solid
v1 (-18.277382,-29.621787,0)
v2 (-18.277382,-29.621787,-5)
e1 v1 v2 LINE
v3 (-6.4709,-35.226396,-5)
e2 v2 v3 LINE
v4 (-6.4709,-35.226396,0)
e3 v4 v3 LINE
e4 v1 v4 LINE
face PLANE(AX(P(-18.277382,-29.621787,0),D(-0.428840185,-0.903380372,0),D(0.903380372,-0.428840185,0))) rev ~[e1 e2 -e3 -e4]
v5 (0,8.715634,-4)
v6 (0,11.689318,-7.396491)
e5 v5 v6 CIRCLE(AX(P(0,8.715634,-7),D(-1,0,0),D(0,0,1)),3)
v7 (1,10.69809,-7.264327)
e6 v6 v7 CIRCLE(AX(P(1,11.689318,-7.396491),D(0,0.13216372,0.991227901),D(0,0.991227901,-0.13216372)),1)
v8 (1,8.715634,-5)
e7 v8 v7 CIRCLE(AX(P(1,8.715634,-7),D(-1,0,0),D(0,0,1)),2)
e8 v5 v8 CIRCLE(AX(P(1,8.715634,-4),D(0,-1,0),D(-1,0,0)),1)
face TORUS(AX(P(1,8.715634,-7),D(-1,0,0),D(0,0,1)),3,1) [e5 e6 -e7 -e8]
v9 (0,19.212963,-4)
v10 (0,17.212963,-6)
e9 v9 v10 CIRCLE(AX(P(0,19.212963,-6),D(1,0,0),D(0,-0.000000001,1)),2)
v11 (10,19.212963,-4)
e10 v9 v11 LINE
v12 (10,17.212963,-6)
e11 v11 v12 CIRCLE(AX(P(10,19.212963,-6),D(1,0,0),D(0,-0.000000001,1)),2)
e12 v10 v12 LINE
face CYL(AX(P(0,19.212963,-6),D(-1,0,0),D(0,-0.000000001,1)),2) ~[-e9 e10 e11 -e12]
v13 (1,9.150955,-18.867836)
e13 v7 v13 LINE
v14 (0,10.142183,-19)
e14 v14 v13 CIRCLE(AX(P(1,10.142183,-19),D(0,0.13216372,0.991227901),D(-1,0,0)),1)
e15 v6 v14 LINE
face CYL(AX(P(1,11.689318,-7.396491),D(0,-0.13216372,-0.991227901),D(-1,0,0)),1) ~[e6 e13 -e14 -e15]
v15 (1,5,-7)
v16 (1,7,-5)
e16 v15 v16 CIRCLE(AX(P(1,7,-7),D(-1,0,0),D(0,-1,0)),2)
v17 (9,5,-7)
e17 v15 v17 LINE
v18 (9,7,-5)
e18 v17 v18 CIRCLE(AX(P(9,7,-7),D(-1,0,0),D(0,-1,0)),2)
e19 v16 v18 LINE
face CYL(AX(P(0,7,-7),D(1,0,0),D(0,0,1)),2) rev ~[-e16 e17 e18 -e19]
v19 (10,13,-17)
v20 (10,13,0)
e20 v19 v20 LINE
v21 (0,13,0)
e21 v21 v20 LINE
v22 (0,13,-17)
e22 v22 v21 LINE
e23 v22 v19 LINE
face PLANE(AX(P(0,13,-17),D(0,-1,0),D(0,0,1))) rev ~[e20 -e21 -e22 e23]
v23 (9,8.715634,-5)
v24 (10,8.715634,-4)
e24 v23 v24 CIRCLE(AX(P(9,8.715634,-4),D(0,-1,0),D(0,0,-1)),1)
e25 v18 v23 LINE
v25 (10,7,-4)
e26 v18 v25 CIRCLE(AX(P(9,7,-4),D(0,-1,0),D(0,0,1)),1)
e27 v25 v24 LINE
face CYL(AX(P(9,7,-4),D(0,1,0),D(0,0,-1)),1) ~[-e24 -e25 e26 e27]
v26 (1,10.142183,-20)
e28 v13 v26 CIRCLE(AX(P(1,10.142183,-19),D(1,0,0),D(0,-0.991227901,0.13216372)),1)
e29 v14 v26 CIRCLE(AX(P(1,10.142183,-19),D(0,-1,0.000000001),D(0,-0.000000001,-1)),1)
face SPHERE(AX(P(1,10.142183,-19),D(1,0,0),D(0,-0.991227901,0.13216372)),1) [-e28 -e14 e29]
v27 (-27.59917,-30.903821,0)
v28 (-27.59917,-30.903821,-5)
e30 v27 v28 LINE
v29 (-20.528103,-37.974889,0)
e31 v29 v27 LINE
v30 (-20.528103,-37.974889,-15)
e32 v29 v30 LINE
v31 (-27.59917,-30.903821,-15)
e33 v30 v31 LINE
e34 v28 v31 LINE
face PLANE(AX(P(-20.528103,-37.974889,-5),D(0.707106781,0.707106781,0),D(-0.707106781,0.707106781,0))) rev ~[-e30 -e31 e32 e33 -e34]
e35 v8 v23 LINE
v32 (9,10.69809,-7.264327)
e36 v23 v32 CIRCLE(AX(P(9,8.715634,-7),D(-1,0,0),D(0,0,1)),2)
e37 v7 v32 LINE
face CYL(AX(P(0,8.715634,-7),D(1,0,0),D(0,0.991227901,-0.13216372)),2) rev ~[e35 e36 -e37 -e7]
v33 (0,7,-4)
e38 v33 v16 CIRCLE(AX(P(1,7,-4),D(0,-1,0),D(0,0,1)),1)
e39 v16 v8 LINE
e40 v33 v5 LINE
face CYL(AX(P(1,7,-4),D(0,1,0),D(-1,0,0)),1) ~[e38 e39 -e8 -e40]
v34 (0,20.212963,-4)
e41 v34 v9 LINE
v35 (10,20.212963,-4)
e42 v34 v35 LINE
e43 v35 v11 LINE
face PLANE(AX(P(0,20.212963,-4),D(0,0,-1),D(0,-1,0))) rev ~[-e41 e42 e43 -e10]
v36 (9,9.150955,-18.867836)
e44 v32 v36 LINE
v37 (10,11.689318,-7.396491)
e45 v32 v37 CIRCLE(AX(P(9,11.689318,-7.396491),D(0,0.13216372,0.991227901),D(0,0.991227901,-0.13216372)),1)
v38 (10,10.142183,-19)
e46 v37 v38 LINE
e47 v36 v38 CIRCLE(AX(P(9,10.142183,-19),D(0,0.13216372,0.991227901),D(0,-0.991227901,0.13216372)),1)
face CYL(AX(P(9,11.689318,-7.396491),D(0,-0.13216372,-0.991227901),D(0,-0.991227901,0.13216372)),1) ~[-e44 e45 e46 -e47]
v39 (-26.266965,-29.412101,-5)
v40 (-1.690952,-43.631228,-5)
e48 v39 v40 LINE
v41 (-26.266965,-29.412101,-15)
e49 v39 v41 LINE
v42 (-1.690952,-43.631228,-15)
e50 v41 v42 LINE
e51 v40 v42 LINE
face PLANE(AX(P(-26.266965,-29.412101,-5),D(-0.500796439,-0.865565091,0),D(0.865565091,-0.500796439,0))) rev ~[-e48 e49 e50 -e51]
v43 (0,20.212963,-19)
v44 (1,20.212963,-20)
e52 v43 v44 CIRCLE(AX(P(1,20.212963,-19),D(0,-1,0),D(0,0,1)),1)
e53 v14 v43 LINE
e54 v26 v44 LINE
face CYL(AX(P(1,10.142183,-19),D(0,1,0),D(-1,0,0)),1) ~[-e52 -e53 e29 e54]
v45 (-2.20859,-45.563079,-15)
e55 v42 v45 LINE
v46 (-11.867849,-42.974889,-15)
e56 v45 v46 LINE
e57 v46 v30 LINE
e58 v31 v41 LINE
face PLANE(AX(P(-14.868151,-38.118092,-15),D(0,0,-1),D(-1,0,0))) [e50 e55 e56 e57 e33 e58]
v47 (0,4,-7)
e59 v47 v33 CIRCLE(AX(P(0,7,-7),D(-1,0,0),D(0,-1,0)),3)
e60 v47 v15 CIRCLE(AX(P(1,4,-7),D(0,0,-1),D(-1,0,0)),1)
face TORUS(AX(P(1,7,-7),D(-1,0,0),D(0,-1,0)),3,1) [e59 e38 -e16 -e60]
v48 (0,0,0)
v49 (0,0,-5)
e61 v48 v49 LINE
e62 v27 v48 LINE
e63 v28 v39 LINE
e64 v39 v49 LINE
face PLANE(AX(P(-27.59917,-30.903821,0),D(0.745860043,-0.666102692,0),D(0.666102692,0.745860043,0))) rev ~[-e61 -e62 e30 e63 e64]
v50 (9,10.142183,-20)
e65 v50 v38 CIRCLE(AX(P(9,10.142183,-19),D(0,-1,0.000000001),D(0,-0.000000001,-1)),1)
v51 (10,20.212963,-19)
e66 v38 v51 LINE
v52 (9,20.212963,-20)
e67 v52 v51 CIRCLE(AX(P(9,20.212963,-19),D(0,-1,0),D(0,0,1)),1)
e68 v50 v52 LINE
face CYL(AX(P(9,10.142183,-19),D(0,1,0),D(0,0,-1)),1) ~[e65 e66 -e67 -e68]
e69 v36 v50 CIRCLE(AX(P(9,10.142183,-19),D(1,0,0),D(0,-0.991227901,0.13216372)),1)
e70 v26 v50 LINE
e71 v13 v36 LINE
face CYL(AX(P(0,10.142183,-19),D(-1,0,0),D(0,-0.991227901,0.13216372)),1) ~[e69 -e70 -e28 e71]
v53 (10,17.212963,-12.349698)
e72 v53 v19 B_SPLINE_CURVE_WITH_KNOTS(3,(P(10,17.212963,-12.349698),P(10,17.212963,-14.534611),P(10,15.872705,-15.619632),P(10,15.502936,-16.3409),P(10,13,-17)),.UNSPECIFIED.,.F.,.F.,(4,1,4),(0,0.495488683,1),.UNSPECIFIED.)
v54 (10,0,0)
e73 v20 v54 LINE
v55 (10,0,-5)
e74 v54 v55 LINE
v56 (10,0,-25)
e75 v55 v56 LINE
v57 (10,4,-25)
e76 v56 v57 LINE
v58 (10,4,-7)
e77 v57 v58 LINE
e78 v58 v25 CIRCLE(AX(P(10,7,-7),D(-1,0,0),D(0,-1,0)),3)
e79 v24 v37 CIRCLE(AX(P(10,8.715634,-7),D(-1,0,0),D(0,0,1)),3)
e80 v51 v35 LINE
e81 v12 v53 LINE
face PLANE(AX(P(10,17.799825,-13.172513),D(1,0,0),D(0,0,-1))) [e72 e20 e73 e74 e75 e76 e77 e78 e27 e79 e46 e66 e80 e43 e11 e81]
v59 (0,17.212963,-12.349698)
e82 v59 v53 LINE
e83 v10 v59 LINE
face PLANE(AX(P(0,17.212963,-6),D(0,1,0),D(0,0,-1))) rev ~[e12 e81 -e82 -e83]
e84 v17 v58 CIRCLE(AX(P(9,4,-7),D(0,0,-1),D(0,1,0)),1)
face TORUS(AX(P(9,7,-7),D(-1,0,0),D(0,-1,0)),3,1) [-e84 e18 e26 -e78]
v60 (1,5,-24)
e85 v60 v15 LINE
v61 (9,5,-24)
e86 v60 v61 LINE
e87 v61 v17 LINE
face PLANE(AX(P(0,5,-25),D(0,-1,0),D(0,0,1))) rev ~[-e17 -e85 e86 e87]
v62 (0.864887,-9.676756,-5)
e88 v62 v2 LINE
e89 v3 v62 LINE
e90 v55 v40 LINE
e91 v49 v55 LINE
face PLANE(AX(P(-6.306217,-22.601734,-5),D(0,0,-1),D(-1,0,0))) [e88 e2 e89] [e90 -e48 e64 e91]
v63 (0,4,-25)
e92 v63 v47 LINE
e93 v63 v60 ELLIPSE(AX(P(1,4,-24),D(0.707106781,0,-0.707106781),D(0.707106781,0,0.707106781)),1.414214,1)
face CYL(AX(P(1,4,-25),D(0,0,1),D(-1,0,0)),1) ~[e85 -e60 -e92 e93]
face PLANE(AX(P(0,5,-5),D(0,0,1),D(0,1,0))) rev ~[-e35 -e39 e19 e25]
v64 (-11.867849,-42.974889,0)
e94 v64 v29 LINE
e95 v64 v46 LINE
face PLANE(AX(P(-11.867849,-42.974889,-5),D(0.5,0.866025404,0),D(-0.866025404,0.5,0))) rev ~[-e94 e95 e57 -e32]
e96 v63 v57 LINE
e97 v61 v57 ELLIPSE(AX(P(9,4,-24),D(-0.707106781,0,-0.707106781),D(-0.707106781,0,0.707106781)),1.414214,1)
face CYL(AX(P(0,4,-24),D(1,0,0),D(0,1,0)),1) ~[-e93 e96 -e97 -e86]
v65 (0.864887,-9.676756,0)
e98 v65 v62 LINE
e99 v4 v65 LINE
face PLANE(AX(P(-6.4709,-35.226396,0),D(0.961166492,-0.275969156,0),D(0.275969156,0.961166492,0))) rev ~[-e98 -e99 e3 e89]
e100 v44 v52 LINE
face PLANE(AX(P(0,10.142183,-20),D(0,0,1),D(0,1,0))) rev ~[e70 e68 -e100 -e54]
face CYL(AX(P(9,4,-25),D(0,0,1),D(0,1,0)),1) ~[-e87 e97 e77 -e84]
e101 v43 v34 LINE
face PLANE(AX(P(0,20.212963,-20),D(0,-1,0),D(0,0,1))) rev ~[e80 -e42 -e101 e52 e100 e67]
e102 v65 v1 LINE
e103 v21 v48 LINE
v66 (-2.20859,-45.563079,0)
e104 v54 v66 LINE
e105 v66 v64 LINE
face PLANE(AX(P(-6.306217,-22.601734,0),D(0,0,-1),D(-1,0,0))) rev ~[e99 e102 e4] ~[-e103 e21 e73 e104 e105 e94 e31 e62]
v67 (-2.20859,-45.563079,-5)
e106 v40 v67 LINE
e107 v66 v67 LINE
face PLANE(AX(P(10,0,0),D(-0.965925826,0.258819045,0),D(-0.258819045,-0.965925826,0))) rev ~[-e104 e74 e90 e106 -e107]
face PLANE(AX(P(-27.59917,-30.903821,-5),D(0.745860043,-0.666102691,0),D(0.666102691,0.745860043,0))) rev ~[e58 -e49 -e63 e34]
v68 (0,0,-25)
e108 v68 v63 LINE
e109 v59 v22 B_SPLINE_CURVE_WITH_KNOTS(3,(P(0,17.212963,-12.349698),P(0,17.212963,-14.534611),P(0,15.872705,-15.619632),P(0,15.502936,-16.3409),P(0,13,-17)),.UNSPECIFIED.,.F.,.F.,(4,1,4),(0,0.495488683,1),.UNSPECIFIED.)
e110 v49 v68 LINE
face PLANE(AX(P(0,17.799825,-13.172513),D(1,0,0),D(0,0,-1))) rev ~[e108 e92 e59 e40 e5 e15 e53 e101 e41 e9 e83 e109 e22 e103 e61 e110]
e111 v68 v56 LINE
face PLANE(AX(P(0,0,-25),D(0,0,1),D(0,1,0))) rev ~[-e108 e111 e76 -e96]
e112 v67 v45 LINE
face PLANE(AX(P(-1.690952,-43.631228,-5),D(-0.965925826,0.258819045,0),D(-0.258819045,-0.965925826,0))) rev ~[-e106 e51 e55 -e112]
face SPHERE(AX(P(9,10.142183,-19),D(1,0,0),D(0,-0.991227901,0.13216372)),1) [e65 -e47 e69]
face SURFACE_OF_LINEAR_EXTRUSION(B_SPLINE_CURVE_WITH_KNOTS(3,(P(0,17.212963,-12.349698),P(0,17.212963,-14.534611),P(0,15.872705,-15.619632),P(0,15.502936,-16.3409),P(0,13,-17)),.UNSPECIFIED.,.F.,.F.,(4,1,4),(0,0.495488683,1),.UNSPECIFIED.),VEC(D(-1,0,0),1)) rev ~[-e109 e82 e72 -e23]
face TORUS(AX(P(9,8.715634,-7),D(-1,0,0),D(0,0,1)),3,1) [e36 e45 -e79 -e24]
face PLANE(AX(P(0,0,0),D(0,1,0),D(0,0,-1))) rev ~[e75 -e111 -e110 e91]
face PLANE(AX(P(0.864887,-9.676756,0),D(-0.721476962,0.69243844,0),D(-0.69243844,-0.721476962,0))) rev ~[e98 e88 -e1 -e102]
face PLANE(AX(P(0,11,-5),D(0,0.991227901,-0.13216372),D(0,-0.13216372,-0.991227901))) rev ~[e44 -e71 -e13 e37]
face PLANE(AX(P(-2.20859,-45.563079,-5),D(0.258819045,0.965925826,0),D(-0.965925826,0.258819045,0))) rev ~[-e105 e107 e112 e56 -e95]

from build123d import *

# Parameters (mm, degrees)
BOSS_EXTRUDE1_DEPTH = 10
BOSS_EXTRUDE2_DEPTH = 5
BOSS_EXTRUDE3_DEPTH = 10
FILLET1_R           = 2
FILLET2_R           = 1


with BuildPart() as part:
    # Sketch2 → Boss-Extrude1 (new body)
    with BuildSketch(Plane(origin=(0, 0, 0), x_dir=(0, 0, -1), z_dir=(1, 0, 0))):
        with BuildLine():
            Line((17, 13), (20, 13))
            Line((20, 13), (20, 20.212962963))
            Line((20, 20.212962963), (4, 20.212962963))
            Line((4, 20.212962963), (4, 19.212962963))
            ThreePointArc((4, 19.212962963), (4.585786438, 17.798749401), (6, 17.212962963))
            Line((6, 17.212962963), (12.34969837, 17.212962963))
            add(Edge.make_bspline(
                [(12.34969837, 17.212962963), (14.53461085, 17.212962963), (15.619631597, 15.872704948), (16.340899905, 15.502936293), (17, 13)],
                knots=[0, 0, 0, 0, 0.495488683, 1, 1, 1, 1], degree=3))
        make_face()
        Polygon((20, 11), (20, 13), (17, 13), (5, 13), (5, 11), align=None)
        with BuildLine():
            Line((20, 10.142183063), (20, 11))
            Line((20, 11), (5, 11))
            Line((5, 11), (18.86783628, 9.150955163))
            ThreePointArc((18.86783628, 9.150955163), (19.658724631, 9.389798946), (20, 10.142183063))
        make_face()
        Polygon((5, 11), (5, 13), (0, 13), (0, 0), (5, 0), (5, 3), (5, 5), align=None)
        Polygon((25, 5), (5, 5), (5, 3), (5, 0), (25, 0), align=None)
    extrude(amount=BOSS_EXTRUDE1_DEPTH)

    # Sketch4 → Boss-Extrude2 (add)
    with BuildSketch(Plane.XY):
        Polygon((10, 0), (-2.208590345, -45.563079458), (-11.867848608, -42.974889007), (-20.528102646, -37.974889007), (-27.599170458, -30.903821195), (0, 0), align=None)
        Polygon((-18.277381589, -29.621786509), (-6.470899787, -35.226395597), (0.864887029, -9.676755979), align=None, mode=Mode.SUBTRACT)
    extrude(amount=-BOSS_EXTRUDE2_DEPTH)

    # Sketch5 → Boss-Extrude3 (add)
    with BuildSketch(Plane(origin=(0, 0, -5), x_dir=(-1, 0, 0), z_dir=(0, 0, -1))):
        Polygon((2.208590345, -45.563079458), (11.867848608, -42.974889007), (20.528102646, -37.974889007), (27.599170458, -30.903821195), (26.266965075, -29.412101108), (1.690952255, -43.631227805), align=None)
    extrude(amount=BOSS_EXTRUDE3_DEPTH)

    # Fillet1
    fillet1_edges = [part.edges().sort_by_distance(p)[0] for p in [
        (5, 11, -5),
        (5, 5, -5),
    ]]
    fillet(fillet1_edges, radius=FILLET1_R)

    # Fillet2
    fillet2_edges = [part.edges().sort_by_distance(p)[0] for p in [
        (0, 15.177573013, -20),
        (0, 9.389798946, -19.658724631),
        (0, 9.924522419, -13.06608186),
        (10, 9.924522419, -13.06608186),
        (10, 9.389798946, -19.658724631),
        (5, 5, -25),
        (10, 15.177573013, -20),
        (0, 7.857816937, -5),
        (10, 7.857816937, -5),
        (0, 5, -16),
        (10, 5, -16),
        (0, 5.585786438, -5.585786438),
        (10, 5.585786438, -5.585786438),
        (0, 10.220402108, -5.682550737),
        (10, 10.220402108, -5.682550737),
    ]]
    fillet(fillet2_edges, radius=FILLET2_R)


solid = part.part
